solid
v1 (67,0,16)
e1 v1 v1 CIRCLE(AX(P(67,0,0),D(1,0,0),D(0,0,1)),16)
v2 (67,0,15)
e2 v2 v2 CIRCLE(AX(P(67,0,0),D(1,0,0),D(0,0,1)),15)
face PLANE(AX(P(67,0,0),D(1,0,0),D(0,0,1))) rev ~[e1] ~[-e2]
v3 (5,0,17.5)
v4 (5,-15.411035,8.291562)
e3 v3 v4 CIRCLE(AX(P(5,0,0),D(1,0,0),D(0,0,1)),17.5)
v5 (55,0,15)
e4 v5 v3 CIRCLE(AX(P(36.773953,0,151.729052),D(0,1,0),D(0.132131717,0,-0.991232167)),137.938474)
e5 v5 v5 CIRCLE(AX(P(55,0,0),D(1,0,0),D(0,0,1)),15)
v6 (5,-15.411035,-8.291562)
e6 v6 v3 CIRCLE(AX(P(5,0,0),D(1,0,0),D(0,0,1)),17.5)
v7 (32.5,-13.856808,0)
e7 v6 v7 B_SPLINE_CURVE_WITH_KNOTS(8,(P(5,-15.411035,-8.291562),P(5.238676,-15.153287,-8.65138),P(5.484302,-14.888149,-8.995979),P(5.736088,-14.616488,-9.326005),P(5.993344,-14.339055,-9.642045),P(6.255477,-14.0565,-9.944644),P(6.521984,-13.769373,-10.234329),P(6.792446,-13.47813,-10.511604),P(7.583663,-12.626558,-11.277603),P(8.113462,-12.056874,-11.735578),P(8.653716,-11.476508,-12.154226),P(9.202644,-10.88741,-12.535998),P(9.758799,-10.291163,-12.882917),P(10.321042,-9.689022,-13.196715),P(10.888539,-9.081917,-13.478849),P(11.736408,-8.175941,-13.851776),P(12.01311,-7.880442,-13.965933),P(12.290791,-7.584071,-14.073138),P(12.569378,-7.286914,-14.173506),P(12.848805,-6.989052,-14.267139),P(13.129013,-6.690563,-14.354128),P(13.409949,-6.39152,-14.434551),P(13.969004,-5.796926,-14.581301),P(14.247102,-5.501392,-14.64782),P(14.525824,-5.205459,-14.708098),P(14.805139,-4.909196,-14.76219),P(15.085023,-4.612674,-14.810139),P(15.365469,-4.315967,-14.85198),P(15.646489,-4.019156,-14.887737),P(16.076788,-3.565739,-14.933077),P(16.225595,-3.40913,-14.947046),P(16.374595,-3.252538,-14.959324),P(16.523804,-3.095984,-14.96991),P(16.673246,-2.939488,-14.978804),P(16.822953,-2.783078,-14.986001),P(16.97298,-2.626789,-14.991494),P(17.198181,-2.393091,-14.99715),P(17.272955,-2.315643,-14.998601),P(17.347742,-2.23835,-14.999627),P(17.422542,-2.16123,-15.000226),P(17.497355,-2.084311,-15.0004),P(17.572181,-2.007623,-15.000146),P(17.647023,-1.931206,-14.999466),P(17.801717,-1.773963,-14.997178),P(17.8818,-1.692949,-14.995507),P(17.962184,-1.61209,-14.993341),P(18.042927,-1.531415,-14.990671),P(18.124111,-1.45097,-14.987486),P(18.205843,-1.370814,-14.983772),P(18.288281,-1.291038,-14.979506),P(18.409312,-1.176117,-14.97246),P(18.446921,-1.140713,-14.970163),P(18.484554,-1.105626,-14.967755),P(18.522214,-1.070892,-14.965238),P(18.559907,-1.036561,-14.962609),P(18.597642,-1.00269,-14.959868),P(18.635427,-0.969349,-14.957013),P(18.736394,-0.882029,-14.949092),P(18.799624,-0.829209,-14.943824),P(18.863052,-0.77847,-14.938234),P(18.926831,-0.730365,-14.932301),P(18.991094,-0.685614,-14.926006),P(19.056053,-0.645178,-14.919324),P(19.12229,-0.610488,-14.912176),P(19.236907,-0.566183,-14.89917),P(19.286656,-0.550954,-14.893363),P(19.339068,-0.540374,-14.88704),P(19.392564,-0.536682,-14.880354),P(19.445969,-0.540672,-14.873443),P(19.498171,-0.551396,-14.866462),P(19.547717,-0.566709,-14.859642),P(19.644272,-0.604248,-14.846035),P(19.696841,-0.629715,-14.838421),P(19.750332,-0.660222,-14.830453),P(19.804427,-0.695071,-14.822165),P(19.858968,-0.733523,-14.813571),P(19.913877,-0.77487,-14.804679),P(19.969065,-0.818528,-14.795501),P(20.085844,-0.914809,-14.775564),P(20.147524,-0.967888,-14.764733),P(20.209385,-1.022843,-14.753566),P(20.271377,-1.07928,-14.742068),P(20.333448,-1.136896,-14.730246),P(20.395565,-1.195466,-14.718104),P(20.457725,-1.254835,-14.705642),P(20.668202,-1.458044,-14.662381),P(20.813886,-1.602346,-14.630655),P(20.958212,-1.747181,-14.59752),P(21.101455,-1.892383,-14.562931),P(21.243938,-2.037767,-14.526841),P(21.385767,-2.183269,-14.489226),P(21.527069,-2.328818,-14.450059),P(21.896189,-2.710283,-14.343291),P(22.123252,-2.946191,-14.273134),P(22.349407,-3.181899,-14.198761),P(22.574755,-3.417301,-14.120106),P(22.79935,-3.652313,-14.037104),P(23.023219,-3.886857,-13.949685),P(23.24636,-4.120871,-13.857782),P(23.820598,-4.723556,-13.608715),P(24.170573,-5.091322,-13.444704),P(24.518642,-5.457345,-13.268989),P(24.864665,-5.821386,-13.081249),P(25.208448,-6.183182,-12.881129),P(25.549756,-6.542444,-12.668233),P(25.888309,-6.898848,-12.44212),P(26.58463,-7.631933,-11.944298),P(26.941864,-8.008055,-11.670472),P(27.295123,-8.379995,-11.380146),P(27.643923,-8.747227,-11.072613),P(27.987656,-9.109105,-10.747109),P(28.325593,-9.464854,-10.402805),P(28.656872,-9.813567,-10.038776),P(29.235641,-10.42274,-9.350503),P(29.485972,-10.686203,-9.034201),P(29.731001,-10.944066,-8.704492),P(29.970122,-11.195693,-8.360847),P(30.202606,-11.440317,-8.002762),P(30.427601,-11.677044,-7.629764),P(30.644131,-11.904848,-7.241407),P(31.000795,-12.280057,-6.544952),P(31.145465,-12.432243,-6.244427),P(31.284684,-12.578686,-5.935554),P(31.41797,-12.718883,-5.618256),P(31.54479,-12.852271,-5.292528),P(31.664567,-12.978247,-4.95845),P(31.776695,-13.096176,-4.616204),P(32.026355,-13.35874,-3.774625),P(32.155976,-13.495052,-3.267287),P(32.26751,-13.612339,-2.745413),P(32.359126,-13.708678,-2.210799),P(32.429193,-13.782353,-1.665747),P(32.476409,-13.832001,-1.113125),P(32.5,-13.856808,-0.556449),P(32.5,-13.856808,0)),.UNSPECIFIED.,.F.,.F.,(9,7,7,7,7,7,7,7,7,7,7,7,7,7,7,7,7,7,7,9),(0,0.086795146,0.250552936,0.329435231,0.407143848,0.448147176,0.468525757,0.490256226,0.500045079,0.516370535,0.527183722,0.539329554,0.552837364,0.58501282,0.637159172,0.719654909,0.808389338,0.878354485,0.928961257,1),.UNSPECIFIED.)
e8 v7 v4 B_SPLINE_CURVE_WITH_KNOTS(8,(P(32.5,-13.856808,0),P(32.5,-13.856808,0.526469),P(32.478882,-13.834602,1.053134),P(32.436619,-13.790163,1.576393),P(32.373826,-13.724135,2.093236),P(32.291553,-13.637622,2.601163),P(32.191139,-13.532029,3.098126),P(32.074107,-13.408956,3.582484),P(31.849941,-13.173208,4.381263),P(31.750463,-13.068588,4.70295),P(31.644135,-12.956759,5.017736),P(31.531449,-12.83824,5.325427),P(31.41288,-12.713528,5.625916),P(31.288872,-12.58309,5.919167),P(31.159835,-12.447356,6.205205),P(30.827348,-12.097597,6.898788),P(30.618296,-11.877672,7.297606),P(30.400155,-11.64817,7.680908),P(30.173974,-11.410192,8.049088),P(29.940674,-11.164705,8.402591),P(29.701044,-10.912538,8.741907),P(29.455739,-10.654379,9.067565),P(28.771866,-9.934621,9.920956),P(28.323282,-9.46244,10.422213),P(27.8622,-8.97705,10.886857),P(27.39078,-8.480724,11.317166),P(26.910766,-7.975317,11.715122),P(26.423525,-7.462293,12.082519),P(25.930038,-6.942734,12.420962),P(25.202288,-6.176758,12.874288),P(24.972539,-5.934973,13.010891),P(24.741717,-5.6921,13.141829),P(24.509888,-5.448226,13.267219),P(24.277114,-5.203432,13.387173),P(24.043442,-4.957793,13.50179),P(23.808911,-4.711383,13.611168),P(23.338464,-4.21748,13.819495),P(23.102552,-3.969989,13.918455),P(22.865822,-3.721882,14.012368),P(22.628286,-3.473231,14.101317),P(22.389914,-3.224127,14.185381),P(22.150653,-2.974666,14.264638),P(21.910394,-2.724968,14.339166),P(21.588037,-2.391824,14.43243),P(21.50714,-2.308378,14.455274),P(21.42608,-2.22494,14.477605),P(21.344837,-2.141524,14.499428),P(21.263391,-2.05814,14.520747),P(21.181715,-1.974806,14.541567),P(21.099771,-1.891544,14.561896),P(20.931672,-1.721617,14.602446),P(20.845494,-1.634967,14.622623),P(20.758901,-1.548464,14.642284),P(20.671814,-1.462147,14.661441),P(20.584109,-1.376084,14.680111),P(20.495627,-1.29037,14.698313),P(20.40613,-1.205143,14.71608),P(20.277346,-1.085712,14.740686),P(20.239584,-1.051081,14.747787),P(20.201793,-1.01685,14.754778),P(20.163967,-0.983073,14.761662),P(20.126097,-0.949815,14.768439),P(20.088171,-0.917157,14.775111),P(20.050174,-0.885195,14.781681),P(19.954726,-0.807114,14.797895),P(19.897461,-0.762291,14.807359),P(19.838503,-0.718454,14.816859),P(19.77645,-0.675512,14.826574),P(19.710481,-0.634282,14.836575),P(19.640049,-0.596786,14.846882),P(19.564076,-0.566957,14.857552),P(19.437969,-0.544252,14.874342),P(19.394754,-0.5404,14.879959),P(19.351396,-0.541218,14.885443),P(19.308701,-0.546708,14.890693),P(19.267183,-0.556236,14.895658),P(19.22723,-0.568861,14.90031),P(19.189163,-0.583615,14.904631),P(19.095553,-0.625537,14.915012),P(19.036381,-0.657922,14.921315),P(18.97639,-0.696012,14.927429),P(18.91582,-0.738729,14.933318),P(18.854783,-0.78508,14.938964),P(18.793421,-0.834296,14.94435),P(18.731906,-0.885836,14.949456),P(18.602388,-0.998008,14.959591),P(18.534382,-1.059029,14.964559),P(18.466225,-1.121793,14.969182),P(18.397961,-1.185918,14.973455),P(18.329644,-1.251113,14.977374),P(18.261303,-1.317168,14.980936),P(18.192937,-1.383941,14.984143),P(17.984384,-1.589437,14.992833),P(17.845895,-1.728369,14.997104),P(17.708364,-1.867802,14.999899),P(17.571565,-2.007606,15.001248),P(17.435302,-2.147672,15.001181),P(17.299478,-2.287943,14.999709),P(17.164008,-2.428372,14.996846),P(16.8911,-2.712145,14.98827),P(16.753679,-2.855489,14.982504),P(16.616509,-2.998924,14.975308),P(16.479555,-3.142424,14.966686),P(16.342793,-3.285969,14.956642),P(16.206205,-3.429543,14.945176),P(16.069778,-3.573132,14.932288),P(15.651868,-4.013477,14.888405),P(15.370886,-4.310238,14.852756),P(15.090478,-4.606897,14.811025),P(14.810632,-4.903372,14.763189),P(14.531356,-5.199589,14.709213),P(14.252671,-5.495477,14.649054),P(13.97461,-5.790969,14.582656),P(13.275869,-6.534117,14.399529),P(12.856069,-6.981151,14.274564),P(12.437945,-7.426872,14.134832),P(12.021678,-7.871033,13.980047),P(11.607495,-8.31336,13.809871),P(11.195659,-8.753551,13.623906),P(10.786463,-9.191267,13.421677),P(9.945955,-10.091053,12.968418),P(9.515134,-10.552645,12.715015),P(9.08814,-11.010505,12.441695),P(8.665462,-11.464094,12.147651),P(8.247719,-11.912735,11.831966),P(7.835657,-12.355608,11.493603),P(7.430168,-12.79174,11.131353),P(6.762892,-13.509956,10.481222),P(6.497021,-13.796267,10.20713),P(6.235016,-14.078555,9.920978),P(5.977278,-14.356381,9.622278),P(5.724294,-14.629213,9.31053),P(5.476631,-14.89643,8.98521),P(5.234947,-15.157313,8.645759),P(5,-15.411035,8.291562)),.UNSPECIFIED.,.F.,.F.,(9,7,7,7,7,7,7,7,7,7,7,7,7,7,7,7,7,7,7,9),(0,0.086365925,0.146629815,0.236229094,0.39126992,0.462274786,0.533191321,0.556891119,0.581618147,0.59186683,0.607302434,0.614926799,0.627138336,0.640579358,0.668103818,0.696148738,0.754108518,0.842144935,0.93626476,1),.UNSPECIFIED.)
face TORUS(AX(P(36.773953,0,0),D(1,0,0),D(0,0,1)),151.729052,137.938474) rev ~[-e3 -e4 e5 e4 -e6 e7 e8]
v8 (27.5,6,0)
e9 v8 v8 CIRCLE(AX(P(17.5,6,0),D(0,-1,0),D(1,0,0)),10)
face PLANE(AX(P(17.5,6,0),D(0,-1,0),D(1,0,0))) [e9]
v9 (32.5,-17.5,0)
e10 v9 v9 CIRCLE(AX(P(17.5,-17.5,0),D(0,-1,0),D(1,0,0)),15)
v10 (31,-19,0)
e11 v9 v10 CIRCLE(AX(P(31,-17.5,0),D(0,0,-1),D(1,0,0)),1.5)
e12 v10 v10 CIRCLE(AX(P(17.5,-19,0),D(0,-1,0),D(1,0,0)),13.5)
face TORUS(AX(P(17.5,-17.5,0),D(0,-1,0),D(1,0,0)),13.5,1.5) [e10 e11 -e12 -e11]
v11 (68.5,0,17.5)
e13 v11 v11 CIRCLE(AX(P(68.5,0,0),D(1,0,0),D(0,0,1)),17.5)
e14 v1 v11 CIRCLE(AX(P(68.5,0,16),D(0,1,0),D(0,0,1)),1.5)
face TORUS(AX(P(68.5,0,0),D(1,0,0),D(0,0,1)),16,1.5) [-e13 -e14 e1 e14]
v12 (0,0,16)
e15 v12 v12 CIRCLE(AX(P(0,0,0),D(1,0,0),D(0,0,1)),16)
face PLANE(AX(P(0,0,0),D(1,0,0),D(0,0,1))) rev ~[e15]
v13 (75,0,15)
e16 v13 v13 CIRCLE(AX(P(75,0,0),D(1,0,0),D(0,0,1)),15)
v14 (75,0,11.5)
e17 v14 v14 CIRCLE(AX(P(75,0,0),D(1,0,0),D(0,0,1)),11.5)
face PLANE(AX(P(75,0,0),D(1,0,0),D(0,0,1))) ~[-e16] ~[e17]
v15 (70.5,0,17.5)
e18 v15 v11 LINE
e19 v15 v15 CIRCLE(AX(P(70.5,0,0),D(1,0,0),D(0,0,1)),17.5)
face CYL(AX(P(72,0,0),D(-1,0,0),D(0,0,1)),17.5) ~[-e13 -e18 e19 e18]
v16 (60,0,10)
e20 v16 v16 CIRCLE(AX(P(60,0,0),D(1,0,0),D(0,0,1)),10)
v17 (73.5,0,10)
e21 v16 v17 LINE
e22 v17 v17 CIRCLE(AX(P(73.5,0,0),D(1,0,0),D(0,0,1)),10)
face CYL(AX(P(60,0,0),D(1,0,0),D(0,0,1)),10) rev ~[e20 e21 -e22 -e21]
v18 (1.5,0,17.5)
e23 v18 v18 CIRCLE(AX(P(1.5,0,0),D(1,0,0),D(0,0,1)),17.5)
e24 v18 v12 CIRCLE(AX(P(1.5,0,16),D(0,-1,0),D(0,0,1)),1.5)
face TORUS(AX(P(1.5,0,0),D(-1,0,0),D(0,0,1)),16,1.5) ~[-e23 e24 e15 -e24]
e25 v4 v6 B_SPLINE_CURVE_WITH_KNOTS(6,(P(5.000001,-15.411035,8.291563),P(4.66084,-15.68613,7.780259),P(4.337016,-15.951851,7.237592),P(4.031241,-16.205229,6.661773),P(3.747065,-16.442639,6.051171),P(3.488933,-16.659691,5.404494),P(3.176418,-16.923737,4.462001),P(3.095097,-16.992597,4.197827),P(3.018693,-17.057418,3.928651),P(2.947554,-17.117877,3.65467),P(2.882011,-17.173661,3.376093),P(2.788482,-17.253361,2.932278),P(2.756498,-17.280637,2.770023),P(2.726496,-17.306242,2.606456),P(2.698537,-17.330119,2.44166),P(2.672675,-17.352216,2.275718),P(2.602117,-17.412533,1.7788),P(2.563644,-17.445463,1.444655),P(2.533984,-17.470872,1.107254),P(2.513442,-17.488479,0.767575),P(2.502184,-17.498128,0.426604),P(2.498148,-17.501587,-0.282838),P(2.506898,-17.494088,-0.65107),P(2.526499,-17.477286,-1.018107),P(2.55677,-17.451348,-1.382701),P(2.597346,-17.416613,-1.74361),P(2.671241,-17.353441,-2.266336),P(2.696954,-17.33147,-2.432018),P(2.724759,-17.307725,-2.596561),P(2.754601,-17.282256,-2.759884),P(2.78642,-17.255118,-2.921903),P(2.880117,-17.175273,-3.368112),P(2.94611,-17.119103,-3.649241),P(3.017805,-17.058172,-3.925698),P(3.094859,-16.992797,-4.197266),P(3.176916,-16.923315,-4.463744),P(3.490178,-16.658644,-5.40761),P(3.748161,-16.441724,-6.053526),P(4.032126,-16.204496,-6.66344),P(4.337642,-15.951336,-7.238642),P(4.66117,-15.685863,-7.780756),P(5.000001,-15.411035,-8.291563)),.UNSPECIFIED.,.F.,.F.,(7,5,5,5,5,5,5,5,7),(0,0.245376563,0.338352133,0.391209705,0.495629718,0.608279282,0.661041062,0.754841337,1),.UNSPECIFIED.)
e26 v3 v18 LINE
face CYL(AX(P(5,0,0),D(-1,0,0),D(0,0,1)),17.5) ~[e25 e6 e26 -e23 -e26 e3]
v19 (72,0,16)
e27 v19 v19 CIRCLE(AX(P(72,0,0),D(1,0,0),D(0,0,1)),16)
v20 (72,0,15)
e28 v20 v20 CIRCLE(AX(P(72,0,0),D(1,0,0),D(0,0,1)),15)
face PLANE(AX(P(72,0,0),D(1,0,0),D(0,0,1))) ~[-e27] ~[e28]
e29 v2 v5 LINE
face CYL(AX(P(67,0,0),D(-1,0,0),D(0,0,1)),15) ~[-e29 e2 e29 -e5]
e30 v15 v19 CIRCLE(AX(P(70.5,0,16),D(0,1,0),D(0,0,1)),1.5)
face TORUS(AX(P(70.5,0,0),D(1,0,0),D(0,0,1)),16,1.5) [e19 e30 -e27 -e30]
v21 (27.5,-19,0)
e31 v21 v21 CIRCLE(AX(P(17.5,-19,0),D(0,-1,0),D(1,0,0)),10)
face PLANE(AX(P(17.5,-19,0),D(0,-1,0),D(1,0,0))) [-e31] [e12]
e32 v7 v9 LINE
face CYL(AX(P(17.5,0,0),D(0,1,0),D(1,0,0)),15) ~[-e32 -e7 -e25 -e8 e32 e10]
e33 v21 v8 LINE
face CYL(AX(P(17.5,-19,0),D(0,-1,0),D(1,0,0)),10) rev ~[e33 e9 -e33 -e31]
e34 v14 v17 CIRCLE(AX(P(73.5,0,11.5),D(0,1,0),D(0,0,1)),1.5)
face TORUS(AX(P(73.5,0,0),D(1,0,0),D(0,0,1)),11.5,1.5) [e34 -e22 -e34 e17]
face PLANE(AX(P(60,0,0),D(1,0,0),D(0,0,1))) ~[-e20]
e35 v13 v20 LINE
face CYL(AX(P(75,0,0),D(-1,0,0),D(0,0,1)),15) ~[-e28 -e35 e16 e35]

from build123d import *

# Parameters (mm, degrees)
F2_R     = 15
F3_DEPTH = 19
F4_R     = 10
F5_DEPTH = 25
F6_R     = 1.5


with BuildPart() as f1:
    # F0 (on Front) → F1 (revolve)
    with BuildSketch(Plane.XZ):
        with BuildLine():
            Line((0, 17.5), (0, 0))
            Line((0, 0), (60, 0))
            Line((60, 0), (60, 10))
            Line((60, 10), (75, 10))
            Line((75, 10), (75, 15))
            Line((75, 15), (72, 15))
            Line((72, 15), (72, 17.5))
            Line((72, 17.5), (67, 17.5))
            Line((67, 17.5), (67, 15))
            Line((67, 15), (55, 15))
            ThreePointArc((55, 15), (29.885634, 13.962679), (5, 17.5))
            Line((5, 17.5), (0, 17.5))
        make_face()
    revolve(axis=Axis((30, 0, 0), (1, 0, 0)))

    # F2 (on Front) → F3 (join)
    with BuildSketch(Plane.XZ):
        with Locations((17.5, 0)):
            Circle(F2_R)
    extrude(amount=F3_DEPTH)

    # F4 (on face) → F5 (cut)
    with BuildSketch(Plane.XZ.offset(19)):
        with Locations((17.5, 0)):
            Circle(F4_R)
    extrude(amount=-F5_DEPTH, mode=Mode.SUBTRACT)

    # F6
    f6_edges = [f1.edges().sort_by_distance(p)[0] for p in [
        (0, 0, -17.5),
        (2.5, -19, 0),
        (75, 0, -10),
        (67, 0, -17.5),
        (72, 0, -17.5),
    ]]
    fillet(f6_edges, radius=F6_R)


solid = f1.part
